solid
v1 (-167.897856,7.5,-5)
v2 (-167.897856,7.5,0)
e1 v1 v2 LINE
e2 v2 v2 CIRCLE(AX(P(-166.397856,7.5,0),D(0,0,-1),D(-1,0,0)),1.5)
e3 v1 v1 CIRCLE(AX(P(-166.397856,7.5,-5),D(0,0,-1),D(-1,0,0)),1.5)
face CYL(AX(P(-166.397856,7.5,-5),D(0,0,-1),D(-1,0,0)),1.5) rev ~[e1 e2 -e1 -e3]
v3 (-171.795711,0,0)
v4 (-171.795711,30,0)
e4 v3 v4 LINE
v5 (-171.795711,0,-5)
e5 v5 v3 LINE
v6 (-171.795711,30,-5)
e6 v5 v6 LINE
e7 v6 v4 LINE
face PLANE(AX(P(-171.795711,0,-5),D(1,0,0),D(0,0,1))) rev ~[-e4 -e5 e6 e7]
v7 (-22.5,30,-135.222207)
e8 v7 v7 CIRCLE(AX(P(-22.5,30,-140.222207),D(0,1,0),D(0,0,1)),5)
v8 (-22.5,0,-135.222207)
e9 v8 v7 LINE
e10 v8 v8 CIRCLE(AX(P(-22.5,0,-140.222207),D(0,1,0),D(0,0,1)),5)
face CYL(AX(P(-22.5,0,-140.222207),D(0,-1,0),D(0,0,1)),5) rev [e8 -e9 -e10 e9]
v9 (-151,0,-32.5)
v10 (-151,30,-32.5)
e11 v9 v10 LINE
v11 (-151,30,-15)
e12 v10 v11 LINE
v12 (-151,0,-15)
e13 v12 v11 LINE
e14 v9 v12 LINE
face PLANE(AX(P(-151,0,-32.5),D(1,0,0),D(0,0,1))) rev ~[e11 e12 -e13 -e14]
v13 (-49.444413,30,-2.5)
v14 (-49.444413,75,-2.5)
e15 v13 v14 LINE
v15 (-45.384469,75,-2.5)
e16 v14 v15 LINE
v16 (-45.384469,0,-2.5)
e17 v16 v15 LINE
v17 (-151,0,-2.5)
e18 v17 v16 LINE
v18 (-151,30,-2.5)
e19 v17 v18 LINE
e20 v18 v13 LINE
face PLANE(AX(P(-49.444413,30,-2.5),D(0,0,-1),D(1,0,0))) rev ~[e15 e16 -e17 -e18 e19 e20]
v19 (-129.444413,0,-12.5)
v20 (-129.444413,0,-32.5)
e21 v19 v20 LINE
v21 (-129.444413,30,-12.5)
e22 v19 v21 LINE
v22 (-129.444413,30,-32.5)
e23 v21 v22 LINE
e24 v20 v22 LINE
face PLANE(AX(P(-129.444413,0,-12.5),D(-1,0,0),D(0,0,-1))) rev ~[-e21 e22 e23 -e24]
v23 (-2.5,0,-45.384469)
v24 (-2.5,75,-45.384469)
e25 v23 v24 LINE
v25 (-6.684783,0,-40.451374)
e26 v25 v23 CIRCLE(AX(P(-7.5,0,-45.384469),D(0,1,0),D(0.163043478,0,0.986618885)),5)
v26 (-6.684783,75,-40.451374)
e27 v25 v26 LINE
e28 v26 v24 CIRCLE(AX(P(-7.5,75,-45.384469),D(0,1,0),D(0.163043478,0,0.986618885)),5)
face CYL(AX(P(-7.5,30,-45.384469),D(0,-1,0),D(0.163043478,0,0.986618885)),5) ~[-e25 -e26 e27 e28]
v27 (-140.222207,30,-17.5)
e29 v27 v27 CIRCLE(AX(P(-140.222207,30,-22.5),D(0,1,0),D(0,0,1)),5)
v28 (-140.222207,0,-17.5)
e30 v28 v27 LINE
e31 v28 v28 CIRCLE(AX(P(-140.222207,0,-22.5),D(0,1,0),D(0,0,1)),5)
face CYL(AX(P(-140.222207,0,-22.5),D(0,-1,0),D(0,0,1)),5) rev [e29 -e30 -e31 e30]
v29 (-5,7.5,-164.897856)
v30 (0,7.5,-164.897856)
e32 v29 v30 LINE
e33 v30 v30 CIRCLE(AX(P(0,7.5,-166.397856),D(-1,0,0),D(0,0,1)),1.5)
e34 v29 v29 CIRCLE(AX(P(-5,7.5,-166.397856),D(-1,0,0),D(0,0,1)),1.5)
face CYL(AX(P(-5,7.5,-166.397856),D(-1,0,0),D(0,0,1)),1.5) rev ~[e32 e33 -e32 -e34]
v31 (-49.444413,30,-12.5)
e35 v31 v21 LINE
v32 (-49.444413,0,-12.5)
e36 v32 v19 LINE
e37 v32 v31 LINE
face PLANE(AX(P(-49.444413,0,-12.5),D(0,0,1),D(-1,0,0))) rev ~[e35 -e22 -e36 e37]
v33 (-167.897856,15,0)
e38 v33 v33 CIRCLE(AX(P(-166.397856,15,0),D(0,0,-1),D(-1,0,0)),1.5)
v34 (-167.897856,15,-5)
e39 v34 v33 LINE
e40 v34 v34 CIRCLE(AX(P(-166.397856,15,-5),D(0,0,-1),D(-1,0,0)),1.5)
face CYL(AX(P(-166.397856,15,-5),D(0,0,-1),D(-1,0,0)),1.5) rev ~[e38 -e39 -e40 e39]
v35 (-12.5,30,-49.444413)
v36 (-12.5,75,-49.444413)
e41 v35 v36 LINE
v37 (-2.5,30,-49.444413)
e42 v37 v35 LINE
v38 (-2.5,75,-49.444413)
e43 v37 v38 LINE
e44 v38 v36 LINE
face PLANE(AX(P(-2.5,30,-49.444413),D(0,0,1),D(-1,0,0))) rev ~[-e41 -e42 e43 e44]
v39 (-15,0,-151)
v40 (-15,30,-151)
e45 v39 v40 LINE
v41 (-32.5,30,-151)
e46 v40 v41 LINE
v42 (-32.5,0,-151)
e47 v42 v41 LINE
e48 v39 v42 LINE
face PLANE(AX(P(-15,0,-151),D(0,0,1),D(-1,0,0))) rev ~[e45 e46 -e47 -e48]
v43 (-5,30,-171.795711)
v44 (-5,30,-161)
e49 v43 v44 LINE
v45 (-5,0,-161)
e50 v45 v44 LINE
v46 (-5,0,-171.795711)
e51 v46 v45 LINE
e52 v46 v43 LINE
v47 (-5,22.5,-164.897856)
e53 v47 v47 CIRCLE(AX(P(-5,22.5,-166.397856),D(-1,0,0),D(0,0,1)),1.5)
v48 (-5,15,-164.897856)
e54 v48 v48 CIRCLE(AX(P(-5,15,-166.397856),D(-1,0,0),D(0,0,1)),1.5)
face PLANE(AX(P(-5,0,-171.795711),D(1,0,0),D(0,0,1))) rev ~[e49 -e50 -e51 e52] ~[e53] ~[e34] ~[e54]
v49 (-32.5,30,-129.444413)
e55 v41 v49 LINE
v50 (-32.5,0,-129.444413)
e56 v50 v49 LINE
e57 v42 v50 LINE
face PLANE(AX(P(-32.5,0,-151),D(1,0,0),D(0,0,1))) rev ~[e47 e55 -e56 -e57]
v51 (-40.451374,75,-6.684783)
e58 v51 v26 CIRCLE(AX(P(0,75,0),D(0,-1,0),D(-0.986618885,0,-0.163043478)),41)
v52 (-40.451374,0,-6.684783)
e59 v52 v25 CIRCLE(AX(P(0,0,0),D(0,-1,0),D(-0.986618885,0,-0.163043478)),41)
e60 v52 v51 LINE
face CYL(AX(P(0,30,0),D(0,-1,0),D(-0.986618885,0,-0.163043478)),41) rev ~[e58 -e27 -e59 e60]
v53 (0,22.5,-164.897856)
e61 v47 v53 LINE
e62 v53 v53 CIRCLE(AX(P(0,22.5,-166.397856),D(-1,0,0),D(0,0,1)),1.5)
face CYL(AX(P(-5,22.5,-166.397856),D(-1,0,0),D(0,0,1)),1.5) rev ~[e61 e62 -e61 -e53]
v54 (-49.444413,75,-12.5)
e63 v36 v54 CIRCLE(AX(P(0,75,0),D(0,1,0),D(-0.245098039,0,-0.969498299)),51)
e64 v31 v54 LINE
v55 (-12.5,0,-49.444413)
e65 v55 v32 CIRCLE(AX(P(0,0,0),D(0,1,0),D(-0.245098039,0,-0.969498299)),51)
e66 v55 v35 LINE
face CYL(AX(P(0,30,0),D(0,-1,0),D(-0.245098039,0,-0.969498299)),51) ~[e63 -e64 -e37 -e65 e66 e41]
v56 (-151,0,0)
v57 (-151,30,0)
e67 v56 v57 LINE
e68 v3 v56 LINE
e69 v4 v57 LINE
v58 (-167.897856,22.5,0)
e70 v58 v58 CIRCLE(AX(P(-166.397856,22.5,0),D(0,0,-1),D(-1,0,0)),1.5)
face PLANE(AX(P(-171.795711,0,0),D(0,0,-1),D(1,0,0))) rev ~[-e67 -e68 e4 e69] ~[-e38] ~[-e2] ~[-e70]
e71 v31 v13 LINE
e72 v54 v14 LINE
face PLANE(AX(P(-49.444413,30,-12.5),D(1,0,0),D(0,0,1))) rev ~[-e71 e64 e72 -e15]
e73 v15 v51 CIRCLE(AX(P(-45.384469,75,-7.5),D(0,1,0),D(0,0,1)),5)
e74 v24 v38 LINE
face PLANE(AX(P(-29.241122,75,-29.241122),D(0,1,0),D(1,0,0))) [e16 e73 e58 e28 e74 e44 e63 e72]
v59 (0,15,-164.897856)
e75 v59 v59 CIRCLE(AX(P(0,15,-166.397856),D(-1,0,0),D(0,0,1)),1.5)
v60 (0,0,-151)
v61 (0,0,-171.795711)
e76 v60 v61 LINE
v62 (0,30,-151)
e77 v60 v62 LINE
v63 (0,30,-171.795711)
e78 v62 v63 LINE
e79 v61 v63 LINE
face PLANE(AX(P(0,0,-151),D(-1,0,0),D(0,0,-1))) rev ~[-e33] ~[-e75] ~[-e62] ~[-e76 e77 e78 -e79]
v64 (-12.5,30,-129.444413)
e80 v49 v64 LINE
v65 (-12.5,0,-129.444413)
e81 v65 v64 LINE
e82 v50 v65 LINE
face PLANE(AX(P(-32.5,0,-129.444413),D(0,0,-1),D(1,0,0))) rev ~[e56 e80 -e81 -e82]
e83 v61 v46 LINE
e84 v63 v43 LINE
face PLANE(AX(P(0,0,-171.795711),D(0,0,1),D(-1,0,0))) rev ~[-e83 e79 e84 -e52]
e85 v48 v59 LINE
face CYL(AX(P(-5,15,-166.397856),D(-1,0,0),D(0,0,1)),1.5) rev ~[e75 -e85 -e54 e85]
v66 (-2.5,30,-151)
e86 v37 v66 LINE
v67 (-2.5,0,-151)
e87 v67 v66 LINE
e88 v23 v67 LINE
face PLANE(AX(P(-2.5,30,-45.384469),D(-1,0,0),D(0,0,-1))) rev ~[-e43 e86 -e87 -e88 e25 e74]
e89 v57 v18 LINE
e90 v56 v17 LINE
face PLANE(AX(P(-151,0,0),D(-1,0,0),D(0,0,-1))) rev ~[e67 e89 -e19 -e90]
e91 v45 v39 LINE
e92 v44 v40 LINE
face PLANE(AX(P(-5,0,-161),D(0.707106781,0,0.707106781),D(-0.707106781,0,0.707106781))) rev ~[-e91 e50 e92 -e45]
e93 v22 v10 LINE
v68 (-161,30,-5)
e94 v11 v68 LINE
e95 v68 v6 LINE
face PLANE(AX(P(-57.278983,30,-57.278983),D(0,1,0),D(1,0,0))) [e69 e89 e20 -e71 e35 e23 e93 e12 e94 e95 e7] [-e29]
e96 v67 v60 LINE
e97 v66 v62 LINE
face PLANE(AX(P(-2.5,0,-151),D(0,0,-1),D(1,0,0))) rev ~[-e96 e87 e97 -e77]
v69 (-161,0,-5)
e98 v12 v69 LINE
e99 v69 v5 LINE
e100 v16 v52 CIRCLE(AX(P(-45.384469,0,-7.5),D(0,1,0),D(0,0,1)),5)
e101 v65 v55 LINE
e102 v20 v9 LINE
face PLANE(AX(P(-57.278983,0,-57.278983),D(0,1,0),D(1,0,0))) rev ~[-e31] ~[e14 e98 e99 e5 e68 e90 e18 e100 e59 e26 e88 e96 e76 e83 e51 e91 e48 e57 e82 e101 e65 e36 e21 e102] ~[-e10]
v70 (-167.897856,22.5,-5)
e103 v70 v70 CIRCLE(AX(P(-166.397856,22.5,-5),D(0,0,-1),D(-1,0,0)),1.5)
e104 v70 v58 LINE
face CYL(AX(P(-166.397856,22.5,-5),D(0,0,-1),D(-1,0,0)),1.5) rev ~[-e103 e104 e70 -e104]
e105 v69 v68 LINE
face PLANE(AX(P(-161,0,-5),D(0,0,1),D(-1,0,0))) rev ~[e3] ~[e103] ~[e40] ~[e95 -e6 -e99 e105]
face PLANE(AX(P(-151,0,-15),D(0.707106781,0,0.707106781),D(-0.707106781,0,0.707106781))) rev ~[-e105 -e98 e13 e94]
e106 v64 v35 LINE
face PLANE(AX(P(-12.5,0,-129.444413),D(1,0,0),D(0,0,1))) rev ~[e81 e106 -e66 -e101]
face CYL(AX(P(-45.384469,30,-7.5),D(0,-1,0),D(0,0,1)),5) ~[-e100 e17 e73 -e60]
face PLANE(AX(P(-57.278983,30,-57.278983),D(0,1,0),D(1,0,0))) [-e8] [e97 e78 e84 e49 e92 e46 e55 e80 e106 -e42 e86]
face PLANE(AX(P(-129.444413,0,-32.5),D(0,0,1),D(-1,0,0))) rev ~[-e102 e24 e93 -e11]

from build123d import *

# Parameters (mm, degrees)
SKETCH2_R           = 5
BOSS_EXTRUDE1_DEPTH = 30
SKETCH10_R          = 1.5
CUT_EXTRUDE1_DEPTH  = 10
SKETCH11_R          = 1.5
CUT_EXTRUDE3_DEPTH  = 10
BOSS_EXTRUDE2_DEPTH = 45


with BuildPart() as part:
    # Sketch2 → Boss-Extrude1 (new body)
    with BuildSketch(Plane(origin=(0, 0, 0), x_dir=(1, 0, 0), z_dir=(0, 1, 0))):
        with BuildLine():
            Line((-2.5, 45.384468709), (-2.5, 49.444413233))
            Line((-2.5, 49.444413233), (-2.5, 151))
            Line((-2.5, 151), (0, 151))
            Line((0, 151), (0, 171.795711314))
            Line((0, 171.795711314), (-5, 171.795711314))
            Line((-5, 171.795711314), (-5, 161))
            Line((-5, 161), (-15, 151))
            Line((-15, 151), (-32.5, 151))
            Line((-32.5, 151), (-32.5, 129.444413233))
            Line((-32.5, 129.444413233), (-12.5, 129.444413233))
            Line((-12.5, 129.444413233), (-12.5, 49.444413233))
            ThreePointArc((-12.5, 49.444413233), (-36.062445841, 36.062445841), (-49.444413233, 12.5))
            Line((-49.444413233, 12.5), (-129.444413233, 12.5))
            Line((-129.444413233, 12.5), (-129.444413233, 32.5))
            Line((-129.444413233, 32.5), (-151, 32.5))
            Line((-151, 32.5), (-151, 15))
            Line((-151, 15), (-161, 5))
            Line((-161, 5), (-171.795711314, 5))
            Line((-171.795711314, 5), (-171.795711314, 0))
            Line((-171.795711314, 0), (-151, 0))
            Line((-151, 0), (-151, 2.5))
            Line((-151, 2.5), (-49.444413233, 2.5))
            Line((-49.444413233, 2.5), (-45.384468709, 2.5))
            ThreePointArc((-45.384468709, 2.5), (-42.149973923, 3.687121366), (-40.451374284, 6.684782609))
            ThreePointArc((-40.451374284, 6.684782609), (-28.991378029, 28.991378029), (-6.684782609, 40.451374284))
            ThreePointArc((-6.684782609, 40.451374284), (-3.687121366, 42.149973923), (-2.5, 45.384468709))
        make_face()
        with Locations(Location((-22.5, 140.222206617, 0), (0, 0, 270))):
            Circle(SKETCH2_R, mode=Mode.SUBTRACT)
        with Locations(Location((-140.222206617, 22.5, 0), (0, 0, 270))):
            Circle(SKETCH2_R, mode=Mode.SUBTRACT)
    extrude(amount=BOSS_EXTRUDE1_DEPTH)

    # Sketch10 → Cut-Extrude1 (cut)
    with BuildSketch(Plane.ZY.offset(5)):
        with Locations((-166.397855657, 22.5)):
            Circle(SKETCH10_R)
        with Locations((-166.397855657, 15)):
            Circle(SKETCH10_R)
        with Locations((-166.397855657, 7.5)):
            Circle(SKETCH10_R)
    extrude(amount=-CUT_EXTRUDE1_DEPTH, mode=Mode.SUBTRACT)

    # Sketch11 → Cut-Extrude3 (cut)
    with BuildSketch(Plane(origin=(0, 0, -5), x_dir=(-1, 0, 0), z_dir=(0, 0, -1))):
        with Locations((166.397855657, 22.5)):
            Circle(SKETCH11_R)
        with Locations((166.397855657, 15)):
            Circle(SKETCH11_R)
        with Locations((166.397855657, 7.5)):
            Circle(SKETCH11_R)
    extrude(amount=-CUT_EXTRUDE3_DEPTH, mode=Mode.SUBTRACT)

    # Sketch13 → Boss-Extrude2 (add)
    with BuildSketch(Plane(origin=(0, 30, 0), x_dir=(1, 0, 0), z_dir=(0, 1, 0))):
        with BuildLine():
            Line((-49.444413233, 12.5), (-49.444413233, 2.5))
            Line((-49.444413233, 2.5), (-45.384468709, 2.5))
            ThreePointArc((-45.384468709, 2.5), (-42.149973923, 3.687121366), (-40.451374284, 6.684782609))
            ThreePointArc((-40.451374284, 6.684782609), (-28.991378029, 28.991378029), (-6.684782609, 40.451374284))
            ThreePointArc((-6.684782609, 40.451374284), (-3.687121366, 42.149973923), (-2.5, 45.384468709))
            Line((-2.5, 45.384468709), (-2.5, 49.444413233))
            Line((-2.5, 49.444413233), (-12.5, 49.444413233))
            ThreePointArc((-12.5, 49.444413233), (-36.062445841, 36.062445841), (-49.444413233, 12.5))
        make_face()
    extrude(amount=BOSS_EXTRUDE2_DEPTH)


solid = part.part
